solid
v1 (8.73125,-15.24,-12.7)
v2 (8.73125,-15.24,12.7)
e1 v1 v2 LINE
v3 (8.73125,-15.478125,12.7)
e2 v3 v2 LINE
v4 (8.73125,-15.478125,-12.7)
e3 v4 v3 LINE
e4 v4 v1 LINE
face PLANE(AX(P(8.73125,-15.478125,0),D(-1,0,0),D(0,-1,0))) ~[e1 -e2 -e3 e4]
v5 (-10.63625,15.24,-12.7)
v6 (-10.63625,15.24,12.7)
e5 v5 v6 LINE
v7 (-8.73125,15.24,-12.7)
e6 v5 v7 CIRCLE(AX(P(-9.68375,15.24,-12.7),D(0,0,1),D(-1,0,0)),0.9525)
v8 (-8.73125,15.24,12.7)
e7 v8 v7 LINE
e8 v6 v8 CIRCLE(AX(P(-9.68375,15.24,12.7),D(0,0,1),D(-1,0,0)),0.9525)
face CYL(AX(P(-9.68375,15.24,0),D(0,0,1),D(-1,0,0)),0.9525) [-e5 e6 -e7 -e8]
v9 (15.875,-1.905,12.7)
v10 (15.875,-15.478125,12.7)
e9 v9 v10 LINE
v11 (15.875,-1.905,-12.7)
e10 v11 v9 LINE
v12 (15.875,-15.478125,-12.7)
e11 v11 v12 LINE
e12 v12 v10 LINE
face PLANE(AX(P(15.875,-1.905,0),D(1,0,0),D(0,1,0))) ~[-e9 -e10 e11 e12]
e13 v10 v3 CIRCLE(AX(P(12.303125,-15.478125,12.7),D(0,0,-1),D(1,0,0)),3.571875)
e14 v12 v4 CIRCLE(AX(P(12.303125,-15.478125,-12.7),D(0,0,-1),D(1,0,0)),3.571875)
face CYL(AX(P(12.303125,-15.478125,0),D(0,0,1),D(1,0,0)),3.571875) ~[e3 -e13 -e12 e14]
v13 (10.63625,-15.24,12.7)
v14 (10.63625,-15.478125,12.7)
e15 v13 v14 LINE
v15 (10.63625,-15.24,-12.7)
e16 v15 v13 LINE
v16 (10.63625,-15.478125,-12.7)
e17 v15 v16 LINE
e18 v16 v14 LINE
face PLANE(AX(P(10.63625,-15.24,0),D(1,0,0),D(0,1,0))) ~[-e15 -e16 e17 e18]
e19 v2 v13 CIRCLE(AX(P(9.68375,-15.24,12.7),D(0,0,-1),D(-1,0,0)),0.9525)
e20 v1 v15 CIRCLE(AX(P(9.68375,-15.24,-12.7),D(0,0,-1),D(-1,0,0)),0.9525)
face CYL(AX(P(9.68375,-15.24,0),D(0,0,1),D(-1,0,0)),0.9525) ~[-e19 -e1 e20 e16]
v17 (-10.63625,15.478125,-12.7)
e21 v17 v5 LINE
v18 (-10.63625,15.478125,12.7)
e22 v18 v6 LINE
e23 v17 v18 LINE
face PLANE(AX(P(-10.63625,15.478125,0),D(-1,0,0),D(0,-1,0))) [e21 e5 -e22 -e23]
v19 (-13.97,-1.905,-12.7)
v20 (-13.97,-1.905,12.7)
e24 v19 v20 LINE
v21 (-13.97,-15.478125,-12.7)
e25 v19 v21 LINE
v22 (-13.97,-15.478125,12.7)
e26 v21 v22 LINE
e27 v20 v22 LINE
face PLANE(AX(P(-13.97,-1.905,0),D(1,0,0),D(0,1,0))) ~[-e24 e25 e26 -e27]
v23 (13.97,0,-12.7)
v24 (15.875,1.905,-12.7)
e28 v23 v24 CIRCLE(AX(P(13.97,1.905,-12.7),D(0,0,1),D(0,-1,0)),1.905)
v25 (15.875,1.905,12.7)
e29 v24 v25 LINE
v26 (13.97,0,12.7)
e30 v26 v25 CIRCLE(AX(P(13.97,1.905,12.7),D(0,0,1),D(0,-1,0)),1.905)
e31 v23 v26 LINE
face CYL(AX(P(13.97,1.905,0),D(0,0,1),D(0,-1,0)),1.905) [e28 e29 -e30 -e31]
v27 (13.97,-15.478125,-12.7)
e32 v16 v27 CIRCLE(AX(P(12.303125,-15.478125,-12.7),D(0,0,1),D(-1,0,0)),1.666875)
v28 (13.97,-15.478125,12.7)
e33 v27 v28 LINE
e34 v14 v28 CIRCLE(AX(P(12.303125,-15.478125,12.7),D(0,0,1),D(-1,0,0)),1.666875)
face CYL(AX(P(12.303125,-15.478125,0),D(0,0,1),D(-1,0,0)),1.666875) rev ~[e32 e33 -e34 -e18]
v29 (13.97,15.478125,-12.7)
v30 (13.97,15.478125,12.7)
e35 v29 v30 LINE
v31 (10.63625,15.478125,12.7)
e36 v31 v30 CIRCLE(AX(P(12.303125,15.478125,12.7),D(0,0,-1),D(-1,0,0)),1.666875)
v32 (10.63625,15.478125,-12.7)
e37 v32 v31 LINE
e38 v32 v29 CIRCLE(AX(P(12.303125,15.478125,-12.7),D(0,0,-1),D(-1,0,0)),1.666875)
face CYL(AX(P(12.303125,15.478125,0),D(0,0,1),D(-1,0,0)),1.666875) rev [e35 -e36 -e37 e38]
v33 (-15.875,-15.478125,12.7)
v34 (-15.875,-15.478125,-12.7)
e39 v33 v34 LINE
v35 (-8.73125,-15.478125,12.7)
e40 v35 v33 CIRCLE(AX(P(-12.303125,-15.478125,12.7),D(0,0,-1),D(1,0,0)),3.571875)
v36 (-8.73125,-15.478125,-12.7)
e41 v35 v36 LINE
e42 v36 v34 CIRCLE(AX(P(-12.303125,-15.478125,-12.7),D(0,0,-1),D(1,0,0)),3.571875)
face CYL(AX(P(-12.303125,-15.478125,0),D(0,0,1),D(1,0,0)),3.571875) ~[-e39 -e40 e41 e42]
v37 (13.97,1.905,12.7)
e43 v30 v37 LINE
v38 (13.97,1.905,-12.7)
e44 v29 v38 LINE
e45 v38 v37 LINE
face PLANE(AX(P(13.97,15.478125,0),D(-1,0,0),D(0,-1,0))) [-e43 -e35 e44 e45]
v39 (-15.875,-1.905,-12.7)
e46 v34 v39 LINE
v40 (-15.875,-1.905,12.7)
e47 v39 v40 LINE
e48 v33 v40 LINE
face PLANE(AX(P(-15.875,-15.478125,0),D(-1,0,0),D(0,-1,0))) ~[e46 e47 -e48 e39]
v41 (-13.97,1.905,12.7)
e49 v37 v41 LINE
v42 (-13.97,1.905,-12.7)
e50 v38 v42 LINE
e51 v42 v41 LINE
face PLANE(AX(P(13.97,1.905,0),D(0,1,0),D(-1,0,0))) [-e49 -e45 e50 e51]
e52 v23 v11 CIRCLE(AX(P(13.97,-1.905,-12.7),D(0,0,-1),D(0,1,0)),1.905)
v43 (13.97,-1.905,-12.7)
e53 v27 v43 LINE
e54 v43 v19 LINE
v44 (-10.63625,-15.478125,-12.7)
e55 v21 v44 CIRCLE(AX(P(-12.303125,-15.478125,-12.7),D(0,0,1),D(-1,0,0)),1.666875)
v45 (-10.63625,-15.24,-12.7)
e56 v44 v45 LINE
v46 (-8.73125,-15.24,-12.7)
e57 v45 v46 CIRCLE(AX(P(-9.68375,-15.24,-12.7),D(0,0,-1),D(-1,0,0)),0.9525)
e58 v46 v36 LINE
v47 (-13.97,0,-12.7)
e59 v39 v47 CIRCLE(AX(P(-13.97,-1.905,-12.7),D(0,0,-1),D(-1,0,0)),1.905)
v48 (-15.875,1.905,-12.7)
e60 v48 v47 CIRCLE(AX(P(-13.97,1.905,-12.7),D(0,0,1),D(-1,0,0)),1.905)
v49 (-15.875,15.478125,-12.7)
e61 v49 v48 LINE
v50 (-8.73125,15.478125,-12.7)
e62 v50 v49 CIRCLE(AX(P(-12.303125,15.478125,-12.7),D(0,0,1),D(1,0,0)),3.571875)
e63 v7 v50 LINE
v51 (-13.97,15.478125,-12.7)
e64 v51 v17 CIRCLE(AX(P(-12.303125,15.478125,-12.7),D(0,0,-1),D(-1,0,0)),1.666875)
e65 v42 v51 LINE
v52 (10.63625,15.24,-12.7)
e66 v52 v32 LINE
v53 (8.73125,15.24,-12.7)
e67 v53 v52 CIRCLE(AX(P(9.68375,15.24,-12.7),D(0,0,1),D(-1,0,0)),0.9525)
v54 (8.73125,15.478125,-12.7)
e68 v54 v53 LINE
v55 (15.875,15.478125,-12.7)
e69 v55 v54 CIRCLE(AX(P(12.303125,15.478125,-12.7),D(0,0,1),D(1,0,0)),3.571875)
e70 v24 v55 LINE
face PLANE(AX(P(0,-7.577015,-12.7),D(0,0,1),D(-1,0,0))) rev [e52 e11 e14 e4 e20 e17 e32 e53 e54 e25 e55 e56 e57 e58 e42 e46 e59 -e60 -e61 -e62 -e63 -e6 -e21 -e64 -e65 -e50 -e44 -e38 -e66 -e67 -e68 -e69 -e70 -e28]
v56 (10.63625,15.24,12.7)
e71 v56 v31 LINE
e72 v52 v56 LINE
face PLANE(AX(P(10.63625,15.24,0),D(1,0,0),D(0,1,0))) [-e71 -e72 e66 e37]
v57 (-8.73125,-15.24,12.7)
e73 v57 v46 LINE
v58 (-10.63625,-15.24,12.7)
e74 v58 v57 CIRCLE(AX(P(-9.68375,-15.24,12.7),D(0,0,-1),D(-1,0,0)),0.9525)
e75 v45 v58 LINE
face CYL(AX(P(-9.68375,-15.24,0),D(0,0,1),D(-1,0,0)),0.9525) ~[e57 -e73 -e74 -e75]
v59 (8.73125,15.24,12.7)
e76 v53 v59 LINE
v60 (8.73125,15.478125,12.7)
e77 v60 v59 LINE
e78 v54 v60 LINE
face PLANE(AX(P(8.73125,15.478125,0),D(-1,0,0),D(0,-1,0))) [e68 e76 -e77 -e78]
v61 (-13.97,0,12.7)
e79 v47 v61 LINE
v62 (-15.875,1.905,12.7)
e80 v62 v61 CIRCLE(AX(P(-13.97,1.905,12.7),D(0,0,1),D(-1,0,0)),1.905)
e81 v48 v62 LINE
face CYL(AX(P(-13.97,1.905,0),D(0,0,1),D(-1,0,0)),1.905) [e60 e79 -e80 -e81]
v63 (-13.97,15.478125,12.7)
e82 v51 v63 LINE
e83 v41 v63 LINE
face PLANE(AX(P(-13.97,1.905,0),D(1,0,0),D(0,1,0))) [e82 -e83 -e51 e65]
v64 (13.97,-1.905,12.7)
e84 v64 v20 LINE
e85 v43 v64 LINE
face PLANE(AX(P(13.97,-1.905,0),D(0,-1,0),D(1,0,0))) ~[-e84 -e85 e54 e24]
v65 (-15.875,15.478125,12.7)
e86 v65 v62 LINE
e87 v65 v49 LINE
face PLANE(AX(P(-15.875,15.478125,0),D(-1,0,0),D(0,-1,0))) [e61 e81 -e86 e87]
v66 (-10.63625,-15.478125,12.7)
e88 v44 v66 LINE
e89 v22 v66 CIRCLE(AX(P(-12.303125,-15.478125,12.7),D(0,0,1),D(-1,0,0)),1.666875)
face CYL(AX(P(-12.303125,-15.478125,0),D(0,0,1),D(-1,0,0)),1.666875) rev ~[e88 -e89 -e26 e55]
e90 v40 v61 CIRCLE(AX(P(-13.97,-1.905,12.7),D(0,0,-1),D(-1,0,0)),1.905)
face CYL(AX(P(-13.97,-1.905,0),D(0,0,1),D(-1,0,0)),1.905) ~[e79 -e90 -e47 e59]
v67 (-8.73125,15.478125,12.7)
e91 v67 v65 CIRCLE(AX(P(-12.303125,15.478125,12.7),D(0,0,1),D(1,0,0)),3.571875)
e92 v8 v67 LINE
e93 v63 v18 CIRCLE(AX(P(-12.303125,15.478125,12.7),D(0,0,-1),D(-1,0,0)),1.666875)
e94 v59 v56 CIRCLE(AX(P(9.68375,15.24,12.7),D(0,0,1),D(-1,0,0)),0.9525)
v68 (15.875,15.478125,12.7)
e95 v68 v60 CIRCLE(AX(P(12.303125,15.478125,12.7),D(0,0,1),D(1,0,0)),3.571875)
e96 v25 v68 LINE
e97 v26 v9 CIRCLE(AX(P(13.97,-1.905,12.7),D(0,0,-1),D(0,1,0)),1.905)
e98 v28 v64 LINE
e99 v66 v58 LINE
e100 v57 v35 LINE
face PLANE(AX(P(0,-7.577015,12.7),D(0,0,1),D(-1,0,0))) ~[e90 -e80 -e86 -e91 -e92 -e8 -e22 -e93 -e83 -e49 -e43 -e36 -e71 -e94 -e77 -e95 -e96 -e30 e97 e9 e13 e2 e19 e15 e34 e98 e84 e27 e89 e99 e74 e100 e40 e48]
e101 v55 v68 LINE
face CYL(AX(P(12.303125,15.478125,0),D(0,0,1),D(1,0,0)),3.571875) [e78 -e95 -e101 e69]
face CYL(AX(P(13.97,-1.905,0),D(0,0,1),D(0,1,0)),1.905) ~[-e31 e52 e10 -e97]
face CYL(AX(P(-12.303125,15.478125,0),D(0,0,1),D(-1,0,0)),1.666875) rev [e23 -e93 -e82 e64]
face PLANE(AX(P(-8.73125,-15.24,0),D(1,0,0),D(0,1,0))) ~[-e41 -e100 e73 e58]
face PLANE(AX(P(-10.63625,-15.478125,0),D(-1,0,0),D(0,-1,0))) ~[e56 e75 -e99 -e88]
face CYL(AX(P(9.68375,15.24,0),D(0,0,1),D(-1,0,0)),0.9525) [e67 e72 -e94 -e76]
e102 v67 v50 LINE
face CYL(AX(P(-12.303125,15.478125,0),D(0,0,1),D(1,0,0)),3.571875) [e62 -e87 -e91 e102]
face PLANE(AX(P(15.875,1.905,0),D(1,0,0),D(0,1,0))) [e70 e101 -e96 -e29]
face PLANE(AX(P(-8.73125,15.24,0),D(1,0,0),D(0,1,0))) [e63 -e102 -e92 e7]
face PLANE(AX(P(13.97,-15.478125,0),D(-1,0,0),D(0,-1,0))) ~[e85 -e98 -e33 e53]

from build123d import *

# Parameters (mm, degrees)
BASE_EXTRUDE_DEPTH = 12.7


with BuildPart() as part:
    # Sketch1 → Base-Extrude (new, symmetric)
    with BuildSketch(Plane.XY):
        with BuildLine():
            Line((-15.875, 15.478125), (-15.875, 1.905))
            ThreePointArc((-15.875, 1.905), (-15.317038418, 0.557961582), (-13.97, 0))
            Line((-13.97, 0), (13.97, 0))
            ThreePointArc((13.97, 0), (15.317038418, 0.557961582), (15.875, 1.905))
            Line((15.875, 1.905), (15.875, 15.478125))
            ThreePointArc((15.875, 15.478125), (12.303125, 19.05), (8.73125, 15.478125))
            Line((8.73125, 15.478125), (8.73125, 15.24))
            ThreePointArc((8.73125, 15.24), (9.68375, 14.2875), (10.63625, 15.24))
            Line((10.63625, 15.24), (10.63625, 15.478125))
            ThreePointArc((10.63625, 15.478125), (12.303125, 17.145), (13.97, 15.478125))
            Line((13.97, 15.478125), (13.97, 1.905))
            Line((13.97, 1.905), (-13.97, 1.905))
            Line((-13.97, 1.905), (-13.97, 15.478125))
            ThreePointArc((-13.97, 15.478125), (-12.303125, 17.145), (-10.63625, 15.478125))
            Line((-10.63625, 15.478125), (-10.63625, 15.24))
            ThreePointArc((-10.63625, 15.24), (-9.68375, 14.2875), (-8.73125, 15.24))
            Line((-8.73125, 15.24), (-8.73125, 15.478125))
            ThreePointArc((-8.73125, 15.478125), (-12.303125, 19.05), (-15.875, 15.478125))
        make_face()
    base_extrude = extrude(amount=BASE_EXTRUDE_DEPTH, both=True)

    # Mirror1: Base-Extrude across plane
    add(base_extrude.mirror(Plane.ZX))


solid = part.part
